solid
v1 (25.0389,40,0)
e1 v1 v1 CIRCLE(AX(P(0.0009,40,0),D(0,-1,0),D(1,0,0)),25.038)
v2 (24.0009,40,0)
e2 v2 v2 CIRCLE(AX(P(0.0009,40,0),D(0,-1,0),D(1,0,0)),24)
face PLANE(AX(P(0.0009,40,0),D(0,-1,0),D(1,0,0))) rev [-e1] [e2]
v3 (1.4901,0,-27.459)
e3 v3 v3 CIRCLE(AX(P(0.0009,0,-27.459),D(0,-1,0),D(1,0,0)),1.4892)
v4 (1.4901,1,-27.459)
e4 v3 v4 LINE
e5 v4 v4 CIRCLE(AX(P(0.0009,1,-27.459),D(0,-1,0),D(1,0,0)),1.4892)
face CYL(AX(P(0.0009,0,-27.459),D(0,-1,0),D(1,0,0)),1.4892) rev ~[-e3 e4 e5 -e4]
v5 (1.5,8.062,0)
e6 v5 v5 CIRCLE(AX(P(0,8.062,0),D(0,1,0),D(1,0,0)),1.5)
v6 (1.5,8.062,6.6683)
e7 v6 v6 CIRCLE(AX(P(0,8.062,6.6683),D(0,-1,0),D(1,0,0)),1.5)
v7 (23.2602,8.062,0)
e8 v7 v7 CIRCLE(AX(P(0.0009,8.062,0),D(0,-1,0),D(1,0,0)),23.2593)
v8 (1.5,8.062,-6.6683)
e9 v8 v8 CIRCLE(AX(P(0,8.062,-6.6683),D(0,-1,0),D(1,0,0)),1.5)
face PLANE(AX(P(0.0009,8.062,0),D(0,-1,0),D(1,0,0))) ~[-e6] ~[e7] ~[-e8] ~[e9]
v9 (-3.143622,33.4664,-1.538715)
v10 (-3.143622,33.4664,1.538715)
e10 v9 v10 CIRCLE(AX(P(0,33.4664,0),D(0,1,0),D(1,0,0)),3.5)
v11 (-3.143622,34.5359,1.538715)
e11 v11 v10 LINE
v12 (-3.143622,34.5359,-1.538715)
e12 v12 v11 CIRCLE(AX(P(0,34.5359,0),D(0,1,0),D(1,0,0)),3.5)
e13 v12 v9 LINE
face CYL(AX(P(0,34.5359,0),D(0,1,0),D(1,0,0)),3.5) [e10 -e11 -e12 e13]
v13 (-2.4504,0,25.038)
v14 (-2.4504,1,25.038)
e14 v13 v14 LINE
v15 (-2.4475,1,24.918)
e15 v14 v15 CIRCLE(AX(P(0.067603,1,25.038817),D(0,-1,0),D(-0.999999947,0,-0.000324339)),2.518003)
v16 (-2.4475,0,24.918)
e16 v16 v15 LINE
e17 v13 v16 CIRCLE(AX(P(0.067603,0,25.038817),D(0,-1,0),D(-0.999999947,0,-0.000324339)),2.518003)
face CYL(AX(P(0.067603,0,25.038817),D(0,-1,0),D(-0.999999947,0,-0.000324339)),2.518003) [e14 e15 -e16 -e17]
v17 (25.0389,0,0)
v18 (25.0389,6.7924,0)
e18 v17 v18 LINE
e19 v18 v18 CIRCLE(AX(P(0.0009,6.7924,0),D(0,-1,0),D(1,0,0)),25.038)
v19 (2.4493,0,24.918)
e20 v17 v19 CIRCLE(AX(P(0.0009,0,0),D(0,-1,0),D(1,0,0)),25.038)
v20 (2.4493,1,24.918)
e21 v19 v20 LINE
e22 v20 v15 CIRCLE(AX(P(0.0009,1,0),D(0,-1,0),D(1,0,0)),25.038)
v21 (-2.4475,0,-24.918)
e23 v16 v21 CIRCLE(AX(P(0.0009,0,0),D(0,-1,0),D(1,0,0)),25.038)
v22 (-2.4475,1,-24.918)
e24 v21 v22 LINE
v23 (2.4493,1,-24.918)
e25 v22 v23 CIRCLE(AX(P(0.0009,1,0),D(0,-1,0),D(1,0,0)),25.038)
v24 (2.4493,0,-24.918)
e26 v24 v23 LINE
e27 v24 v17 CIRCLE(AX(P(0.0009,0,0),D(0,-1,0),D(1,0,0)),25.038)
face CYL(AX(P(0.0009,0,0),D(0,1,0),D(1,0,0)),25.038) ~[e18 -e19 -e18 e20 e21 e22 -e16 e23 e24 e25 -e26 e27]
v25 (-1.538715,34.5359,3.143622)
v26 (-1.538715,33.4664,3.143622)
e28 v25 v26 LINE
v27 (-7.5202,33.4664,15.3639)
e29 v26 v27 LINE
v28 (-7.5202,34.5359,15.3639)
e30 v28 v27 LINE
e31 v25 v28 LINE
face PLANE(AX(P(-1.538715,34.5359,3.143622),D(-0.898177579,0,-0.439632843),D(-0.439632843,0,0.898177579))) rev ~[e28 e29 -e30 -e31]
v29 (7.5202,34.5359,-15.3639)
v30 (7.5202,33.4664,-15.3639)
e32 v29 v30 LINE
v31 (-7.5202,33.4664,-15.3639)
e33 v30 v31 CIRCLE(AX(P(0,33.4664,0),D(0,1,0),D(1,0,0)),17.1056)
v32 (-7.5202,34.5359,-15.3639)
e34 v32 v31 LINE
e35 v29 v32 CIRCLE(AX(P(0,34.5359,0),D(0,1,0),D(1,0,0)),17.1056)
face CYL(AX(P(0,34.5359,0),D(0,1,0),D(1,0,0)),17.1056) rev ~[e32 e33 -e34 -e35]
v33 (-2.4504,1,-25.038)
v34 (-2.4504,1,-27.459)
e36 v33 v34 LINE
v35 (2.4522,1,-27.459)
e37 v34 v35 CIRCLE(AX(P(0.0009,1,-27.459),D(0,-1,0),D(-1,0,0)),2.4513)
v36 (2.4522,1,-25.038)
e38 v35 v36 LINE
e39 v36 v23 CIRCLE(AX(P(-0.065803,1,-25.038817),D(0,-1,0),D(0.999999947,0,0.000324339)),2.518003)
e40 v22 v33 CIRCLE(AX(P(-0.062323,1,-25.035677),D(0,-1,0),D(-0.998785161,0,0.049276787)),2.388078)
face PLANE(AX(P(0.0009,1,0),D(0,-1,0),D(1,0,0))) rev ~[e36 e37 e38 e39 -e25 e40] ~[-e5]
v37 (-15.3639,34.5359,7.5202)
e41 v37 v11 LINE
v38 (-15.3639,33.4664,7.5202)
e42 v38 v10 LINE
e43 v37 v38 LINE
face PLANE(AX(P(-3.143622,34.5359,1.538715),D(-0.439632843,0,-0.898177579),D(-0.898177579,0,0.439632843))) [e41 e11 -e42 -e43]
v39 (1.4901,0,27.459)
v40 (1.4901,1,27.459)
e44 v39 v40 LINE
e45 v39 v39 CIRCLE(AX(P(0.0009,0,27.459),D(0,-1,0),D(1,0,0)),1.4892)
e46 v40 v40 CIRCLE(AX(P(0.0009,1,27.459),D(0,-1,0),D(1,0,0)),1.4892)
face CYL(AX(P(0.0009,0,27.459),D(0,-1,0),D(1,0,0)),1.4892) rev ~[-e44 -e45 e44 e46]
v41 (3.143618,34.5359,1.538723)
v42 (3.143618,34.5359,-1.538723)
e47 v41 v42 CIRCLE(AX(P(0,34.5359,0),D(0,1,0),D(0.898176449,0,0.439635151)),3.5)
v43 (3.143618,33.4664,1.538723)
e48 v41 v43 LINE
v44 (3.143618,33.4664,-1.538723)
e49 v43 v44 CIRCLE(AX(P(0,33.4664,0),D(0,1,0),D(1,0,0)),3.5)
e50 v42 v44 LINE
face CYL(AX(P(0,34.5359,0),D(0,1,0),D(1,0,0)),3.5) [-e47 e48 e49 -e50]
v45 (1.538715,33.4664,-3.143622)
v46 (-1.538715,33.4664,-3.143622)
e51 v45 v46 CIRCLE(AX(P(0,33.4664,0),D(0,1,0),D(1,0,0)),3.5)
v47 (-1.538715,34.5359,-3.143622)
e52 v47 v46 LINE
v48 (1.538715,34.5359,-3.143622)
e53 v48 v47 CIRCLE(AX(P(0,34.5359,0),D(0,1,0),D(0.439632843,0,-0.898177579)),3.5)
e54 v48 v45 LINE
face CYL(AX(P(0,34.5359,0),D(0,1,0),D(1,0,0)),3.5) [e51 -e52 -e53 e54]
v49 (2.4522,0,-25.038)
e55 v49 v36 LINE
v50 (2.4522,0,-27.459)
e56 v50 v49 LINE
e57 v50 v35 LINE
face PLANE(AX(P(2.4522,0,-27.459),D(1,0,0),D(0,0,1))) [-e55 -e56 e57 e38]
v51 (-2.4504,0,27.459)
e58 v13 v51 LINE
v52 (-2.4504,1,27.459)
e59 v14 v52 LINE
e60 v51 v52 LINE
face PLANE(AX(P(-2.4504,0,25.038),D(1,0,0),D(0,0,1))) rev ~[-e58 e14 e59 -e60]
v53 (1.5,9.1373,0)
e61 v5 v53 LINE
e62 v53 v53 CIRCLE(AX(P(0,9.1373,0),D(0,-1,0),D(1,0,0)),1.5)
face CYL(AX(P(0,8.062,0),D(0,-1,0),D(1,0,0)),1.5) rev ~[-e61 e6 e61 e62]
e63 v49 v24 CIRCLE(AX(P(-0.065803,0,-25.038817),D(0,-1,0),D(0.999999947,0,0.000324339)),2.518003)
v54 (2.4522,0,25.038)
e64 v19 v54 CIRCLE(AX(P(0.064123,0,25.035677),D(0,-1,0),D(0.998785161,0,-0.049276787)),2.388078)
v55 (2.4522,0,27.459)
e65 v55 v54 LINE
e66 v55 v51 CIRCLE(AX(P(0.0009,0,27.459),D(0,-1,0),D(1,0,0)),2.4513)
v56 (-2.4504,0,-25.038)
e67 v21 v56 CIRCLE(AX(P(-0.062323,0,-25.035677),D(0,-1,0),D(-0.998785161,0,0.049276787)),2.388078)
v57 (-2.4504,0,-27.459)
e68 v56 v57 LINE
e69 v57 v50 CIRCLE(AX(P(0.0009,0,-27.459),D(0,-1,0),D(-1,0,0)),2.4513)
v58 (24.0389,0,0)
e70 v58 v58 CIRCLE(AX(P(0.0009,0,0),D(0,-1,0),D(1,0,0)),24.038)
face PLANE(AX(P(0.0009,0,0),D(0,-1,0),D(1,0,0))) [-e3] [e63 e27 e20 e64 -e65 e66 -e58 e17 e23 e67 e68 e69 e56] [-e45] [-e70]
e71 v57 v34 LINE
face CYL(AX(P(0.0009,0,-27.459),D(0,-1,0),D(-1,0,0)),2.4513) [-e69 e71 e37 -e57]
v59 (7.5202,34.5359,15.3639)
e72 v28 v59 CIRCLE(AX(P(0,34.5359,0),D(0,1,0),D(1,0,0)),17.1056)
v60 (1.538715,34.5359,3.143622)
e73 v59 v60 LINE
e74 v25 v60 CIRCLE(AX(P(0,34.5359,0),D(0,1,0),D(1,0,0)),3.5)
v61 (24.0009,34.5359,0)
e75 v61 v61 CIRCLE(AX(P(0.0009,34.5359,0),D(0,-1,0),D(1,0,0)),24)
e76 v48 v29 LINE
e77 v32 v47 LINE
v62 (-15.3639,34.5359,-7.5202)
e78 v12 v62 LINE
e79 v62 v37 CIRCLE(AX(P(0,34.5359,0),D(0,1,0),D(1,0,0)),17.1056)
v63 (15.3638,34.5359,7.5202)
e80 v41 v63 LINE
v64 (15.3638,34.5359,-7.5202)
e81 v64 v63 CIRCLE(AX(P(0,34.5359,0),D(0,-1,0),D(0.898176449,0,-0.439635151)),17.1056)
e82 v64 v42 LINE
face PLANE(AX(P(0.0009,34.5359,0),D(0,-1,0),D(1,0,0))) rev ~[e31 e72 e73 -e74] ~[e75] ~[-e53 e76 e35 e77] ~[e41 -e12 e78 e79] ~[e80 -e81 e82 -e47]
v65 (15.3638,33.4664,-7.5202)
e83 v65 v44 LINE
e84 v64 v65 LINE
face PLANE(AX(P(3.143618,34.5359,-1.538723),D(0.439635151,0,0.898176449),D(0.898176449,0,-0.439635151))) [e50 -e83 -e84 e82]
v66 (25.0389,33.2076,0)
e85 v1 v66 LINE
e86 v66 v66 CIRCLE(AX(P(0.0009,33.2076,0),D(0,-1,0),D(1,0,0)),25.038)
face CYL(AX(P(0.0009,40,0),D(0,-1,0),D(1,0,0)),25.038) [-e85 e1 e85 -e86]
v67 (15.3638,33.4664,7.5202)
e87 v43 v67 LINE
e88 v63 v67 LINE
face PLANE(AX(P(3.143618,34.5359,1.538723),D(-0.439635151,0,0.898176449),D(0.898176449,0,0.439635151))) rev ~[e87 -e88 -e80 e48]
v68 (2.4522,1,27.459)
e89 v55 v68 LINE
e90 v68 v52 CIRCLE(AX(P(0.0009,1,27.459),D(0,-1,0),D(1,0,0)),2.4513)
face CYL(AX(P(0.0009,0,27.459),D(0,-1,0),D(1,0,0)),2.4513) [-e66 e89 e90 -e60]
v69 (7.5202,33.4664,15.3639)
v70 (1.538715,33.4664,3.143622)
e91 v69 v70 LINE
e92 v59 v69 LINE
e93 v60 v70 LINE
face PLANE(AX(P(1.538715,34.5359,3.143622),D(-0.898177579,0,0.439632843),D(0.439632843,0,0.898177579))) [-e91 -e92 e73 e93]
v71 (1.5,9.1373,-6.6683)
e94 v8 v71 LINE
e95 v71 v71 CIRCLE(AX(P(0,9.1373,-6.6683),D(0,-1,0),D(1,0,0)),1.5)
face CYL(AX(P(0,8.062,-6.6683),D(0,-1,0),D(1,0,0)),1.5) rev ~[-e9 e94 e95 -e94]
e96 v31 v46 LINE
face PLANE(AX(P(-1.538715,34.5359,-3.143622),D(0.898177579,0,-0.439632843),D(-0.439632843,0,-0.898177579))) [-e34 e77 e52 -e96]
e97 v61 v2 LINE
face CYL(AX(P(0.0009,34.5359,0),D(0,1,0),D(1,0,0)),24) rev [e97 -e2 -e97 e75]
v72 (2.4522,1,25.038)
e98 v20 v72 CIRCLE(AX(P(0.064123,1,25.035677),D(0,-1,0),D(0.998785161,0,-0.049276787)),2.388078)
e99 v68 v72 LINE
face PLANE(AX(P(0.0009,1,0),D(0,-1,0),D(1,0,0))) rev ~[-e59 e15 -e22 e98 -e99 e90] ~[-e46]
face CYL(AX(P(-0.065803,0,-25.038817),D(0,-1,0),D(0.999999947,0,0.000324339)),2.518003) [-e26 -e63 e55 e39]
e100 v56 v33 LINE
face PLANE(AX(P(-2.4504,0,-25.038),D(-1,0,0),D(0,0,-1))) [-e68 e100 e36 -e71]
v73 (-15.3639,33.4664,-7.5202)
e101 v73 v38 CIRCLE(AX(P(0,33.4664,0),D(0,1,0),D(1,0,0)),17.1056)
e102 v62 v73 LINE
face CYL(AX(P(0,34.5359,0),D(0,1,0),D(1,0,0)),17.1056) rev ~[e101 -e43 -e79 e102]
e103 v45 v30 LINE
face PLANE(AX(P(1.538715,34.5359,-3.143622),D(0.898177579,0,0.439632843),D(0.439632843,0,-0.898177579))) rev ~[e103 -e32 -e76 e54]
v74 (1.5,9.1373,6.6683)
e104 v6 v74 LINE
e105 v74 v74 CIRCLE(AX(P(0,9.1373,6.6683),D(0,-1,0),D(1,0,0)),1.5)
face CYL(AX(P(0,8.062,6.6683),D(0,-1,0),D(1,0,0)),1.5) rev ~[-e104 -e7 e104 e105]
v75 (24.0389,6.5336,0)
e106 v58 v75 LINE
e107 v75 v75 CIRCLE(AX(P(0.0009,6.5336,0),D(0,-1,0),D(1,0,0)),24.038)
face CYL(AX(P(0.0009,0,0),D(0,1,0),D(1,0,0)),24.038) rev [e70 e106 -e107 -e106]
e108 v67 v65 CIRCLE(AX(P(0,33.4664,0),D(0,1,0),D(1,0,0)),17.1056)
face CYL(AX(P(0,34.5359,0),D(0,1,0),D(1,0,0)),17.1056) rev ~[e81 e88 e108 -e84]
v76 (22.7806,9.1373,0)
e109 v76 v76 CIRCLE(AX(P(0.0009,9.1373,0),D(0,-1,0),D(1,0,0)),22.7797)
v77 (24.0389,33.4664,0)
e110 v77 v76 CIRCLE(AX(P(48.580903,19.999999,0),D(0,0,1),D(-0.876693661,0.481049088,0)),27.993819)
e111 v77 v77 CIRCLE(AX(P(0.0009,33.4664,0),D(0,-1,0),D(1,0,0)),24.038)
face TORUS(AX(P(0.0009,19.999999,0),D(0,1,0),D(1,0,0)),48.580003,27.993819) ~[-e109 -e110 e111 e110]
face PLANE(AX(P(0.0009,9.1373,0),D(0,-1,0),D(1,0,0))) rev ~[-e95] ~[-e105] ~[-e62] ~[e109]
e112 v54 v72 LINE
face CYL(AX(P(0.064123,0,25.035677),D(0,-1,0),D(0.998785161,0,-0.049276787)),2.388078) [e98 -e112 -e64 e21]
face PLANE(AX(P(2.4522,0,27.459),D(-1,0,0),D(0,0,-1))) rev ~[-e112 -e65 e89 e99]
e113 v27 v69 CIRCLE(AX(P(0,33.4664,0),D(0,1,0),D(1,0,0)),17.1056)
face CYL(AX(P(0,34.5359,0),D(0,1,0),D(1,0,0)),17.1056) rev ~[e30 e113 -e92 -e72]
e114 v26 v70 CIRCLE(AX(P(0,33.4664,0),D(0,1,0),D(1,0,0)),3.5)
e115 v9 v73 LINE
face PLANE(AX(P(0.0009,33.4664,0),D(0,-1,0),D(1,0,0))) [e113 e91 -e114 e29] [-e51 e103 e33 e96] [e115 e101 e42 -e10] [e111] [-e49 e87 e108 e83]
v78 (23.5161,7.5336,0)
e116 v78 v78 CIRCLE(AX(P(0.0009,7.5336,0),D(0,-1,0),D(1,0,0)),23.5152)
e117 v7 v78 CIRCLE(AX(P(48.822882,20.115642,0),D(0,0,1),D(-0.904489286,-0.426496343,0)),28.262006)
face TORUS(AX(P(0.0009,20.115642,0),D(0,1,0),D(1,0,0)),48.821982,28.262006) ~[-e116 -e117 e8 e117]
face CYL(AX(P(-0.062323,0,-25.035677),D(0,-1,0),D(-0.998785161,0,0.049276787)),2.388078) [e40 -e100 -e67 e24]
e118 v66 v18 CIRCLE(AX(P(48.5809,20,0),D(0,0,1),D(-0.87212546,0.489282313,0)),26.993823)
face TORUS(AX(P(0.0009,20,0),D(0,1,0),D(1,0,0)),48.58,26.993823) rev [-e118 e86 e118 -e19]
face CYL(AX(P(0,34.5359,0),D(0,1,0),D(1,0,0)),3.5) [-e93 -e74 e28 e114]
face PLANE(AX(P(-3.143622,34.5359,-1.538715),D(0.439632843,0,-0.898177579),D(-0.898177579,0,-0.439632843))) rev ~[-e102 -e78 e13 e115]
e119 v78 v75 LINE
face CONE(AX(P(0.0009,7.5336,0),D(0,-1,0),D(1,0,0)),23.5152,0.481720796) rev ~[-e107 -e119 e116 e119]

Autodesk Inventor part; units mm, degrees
ref_plane "YZ Plane" through (0, 0, 0) normal (1, 0, 0) x (0, 1, 0)
ref_plane "XZ Plane" through (0, 0, 0) normal (0, 1, 0) x (-1, 0, 0)
sketch "Esboço1" plane through (0, 0, 0) normal (0, 0, 1) x (1, 0, 0)
  line L0 (25.0389, 40) -> (25.0389, 33.2076)
  line L1 (25.0389, 0) -> (25.0389, 6.7924)
  arc A0 (25.0389, 33.2076) -> (25.0389, 6.7924) centre (48.5809, 20) ccw
  line L2 (24.0389, 0) -> (24.0389, 6.5336)
  line L3 (24.0009, 34.5359) -> (24.0009, 39.0029)
  line L4 (24.0009, 40) -> (25.0389, 40)
  line L5 (24.0389, 33.4664) -> (5.7012, 33.4664)
  line L6 (5.6632, 34.5359) -> (24.0009, 34.5359)
  line L7 (24.0009, 39.0029) -> (24.0009, 40)
  line L8 (5.6632, 34.5359) -> (4.6632, 34.5359)
  line L9 (5.7012, 33.4664) -> (4.7012, 33.4664)
  line L10 (25.0389, 0) -> (24.0389, 0)
  line L11 (24.0009, 34.5359) -> (0.0009, 34.5359)
  line L12 (4.7012, 33.4664) -> (0.0389, 33.4664)
  line L13 (0.0009, 34.5359) -> (0.0009, -0.006)
  line L14 (0.0009, 6.5336) -> (0.0009, 7.5336)
  line L15 (0.0009, 6.5336) -> (0.0009, 7.5336)
  line L16 (0.0009, 6.5336) -> (0.0009, 7.5336)
  line L17 (0.0009, 6.5336) -> (0.0009, 7.5336)
  line L18 (0.0009, 34.5359) -> (0.0009, 33.4664)
  line L19 (0.0389, 33.4664) -> (0.0009, 33.4664)
  line L20 (22.7806, 9.1373) -> (0.0009, 9.1373)
  line L21 (0.0009, 8.062) -> (23.2602, 8.062)
  line L22 (23.5161, 7.5336) -> (24.0389, 6.5336)
  arc A1 (24.0389, 33.4664) -> (22.7806, 9.1373) centre (48.5809, 20) ccw
  arc A2 (23.2602, 8.062) -> (23.5161, 7.5336) centre (48.5809, 20) ccw
  line L23 (0.0009, 9.1373) -> (0.0009, 8.062)
  line L24 (0.0009, 8.062) -> (0.0009, 7.062)
  point P0 (0, 0)
  point P1 (0, 0)
  point P2 (0.0199, 33.4664)
  dimension "d16" = 24.3291
  dimension "d17" = 1.0695
  dimension "d19" = 1
revolve "Revolução1" add sketch "Esboço1" angle 360 about axis through (0.0009, 34.5359, 0) along (0, -1, 0) contours L0 A0 L1 L10 L2 L22 A2 L21 L13 L20 A1 L5 L9 L12 L19 L11 L8 L6 L3 L7 L4
sketch "Esboço2" plane through (0.0009, 8.062, 0) normal (0, -1, 0) x (1, 0, 0)
  point P0 (-0.0009, 0)
sketch "Esboço3" plane through (0.0009, 34.5359, 0) normal (0, 1, 0) x (1, 0, 0)
  circle A0 centre (-0.0009, 0) radius 3.5
  circle A1 centre (-0.0009, 0) radius 17.1056
  line L0 (-0.0009, 0) -> (-7.5211, 15.3639)
  line L1 (-0.0009, 0) -> (-0.0009, 6.0664)
  line L2 (-0.0009, 0) -> (7.5193, 15.3639)
  line L3 (-0.0009, 0) -> (-15.3648, -7.5202)
  line L4 (-0.0009, 0) -> (-15.3648, 7.5202)
  line L5 (-0.0009, 0) -> (7.5193, -15.3639)
  line L6 (-0.0009, 0) -> (-7.5211, -15.3639)
  line L7 (-0.0009, 0) -> (15.3629, 7.5202)
  line L8 (-0.0009, 0) -> (15.3629, -7.5202)
  point P0 (-3.1445, 1.5387)
  point P1 (-3.1445, -1.5387)
  point P2 (3.1427, -1.5387)
  point P3 (3.1427, 1.5387)
  point P4 (-1.5396, -3.1436)
  point P5 (1.5378, -3.1436)
  point P6 (1.5378, 3.1436)
  point P7 (-1.5396, 3.1436)
  dimension "d1" = 7
  dimension "d4" = 360
extrude "Extrusão1" cut sketch "Esboço3" against normal blind 10 contours A0 L7 A1 L8 | A0 L0 A1 L2 | L5 A1 L6 A0 | L3 A1 L4 A0
sketch "Esboço4" plane through (0.0009, 8.062, 0) normal (0, -1, 0) x (1, 0, 0)
  circle A0 centre (-0.0009, 0) radius 1.5
  circle A1 centre (-0.0009, 6.6683) radius 1.5
  line L0 (-0.0009, 0) -> (-5.2667, 0)
  circle A2 centre (-0.0009, -6.6683) radius 1.5
  dimension "d8" = 3
  dimension "d9" = 3
extrude "Extrusão2" cut sketch "Esboço4" against normal blind 10
ref_plane "Plano de trabalho1" through (0.0009, 0, 0) normal (0, -1, 0) x (1, 0, 0)
sketch "Esboço5" plane through (0.0009, 0, 0) normal (0, -1, 0) x (1, 0, 0)
  circle A0 centre (0, 0) radius 25.038 projected
  line L0 (0, 25.038) -> (0, 27.459) construction
  line L1 (-2.4513, 25.038) -> (-2.4513, 27.459)
  line L2 (2.4513, 27.459) -> (2.4513, 25.038)
  arc A1 (2.4513, 27.459) -> (-2.4513, 27.459) centre (0, 27.459) ccw
  line L3 (-7.3697, 0) -> (-12.5067, 0)
  circle A2 centre (0, 27.459) radius 1.4892
  line L4 (-2.4513, -25.038) -> (-2.4513, -27.459)
  line L5 (2.4513, -27.459) -> (2.4513, -25.038)
  arc A3 (-2.4513, -27.459) -> (2.4513, -27.459) centre (0, -27.459) ccw
  circle A4 centre (0, -27.459) radius 1.4892
  arc A5 (-2.4513, 25.038) -> (-2.4484, 24.918) centre (0, 25.038) ccw
  arc A6 (2.4484, 24.918) -> (2.4513, 25.038) centre (0, 25.038) ccw
  arc A7 (2.4513, -25.038) -> (2.4484, -24.918) centre (0, -25.038) ccw
  arc A8 (-2.4484, -24.918) -> (-2.4513, -25.038) centre (0, -25.038) ccw
  point P0 (-0.0009, 0)
  point P1 (0, 26.2485)
  dimension "d15" = 2.9784
extrude "Extrusão3" add sketch "Esboço5" against normal blind 1 contours A0 A5 L1 A1 L2 A6 | A7 L5 A3 L4 A8 A0
properties part number "acoplamento_ventoinha1"
